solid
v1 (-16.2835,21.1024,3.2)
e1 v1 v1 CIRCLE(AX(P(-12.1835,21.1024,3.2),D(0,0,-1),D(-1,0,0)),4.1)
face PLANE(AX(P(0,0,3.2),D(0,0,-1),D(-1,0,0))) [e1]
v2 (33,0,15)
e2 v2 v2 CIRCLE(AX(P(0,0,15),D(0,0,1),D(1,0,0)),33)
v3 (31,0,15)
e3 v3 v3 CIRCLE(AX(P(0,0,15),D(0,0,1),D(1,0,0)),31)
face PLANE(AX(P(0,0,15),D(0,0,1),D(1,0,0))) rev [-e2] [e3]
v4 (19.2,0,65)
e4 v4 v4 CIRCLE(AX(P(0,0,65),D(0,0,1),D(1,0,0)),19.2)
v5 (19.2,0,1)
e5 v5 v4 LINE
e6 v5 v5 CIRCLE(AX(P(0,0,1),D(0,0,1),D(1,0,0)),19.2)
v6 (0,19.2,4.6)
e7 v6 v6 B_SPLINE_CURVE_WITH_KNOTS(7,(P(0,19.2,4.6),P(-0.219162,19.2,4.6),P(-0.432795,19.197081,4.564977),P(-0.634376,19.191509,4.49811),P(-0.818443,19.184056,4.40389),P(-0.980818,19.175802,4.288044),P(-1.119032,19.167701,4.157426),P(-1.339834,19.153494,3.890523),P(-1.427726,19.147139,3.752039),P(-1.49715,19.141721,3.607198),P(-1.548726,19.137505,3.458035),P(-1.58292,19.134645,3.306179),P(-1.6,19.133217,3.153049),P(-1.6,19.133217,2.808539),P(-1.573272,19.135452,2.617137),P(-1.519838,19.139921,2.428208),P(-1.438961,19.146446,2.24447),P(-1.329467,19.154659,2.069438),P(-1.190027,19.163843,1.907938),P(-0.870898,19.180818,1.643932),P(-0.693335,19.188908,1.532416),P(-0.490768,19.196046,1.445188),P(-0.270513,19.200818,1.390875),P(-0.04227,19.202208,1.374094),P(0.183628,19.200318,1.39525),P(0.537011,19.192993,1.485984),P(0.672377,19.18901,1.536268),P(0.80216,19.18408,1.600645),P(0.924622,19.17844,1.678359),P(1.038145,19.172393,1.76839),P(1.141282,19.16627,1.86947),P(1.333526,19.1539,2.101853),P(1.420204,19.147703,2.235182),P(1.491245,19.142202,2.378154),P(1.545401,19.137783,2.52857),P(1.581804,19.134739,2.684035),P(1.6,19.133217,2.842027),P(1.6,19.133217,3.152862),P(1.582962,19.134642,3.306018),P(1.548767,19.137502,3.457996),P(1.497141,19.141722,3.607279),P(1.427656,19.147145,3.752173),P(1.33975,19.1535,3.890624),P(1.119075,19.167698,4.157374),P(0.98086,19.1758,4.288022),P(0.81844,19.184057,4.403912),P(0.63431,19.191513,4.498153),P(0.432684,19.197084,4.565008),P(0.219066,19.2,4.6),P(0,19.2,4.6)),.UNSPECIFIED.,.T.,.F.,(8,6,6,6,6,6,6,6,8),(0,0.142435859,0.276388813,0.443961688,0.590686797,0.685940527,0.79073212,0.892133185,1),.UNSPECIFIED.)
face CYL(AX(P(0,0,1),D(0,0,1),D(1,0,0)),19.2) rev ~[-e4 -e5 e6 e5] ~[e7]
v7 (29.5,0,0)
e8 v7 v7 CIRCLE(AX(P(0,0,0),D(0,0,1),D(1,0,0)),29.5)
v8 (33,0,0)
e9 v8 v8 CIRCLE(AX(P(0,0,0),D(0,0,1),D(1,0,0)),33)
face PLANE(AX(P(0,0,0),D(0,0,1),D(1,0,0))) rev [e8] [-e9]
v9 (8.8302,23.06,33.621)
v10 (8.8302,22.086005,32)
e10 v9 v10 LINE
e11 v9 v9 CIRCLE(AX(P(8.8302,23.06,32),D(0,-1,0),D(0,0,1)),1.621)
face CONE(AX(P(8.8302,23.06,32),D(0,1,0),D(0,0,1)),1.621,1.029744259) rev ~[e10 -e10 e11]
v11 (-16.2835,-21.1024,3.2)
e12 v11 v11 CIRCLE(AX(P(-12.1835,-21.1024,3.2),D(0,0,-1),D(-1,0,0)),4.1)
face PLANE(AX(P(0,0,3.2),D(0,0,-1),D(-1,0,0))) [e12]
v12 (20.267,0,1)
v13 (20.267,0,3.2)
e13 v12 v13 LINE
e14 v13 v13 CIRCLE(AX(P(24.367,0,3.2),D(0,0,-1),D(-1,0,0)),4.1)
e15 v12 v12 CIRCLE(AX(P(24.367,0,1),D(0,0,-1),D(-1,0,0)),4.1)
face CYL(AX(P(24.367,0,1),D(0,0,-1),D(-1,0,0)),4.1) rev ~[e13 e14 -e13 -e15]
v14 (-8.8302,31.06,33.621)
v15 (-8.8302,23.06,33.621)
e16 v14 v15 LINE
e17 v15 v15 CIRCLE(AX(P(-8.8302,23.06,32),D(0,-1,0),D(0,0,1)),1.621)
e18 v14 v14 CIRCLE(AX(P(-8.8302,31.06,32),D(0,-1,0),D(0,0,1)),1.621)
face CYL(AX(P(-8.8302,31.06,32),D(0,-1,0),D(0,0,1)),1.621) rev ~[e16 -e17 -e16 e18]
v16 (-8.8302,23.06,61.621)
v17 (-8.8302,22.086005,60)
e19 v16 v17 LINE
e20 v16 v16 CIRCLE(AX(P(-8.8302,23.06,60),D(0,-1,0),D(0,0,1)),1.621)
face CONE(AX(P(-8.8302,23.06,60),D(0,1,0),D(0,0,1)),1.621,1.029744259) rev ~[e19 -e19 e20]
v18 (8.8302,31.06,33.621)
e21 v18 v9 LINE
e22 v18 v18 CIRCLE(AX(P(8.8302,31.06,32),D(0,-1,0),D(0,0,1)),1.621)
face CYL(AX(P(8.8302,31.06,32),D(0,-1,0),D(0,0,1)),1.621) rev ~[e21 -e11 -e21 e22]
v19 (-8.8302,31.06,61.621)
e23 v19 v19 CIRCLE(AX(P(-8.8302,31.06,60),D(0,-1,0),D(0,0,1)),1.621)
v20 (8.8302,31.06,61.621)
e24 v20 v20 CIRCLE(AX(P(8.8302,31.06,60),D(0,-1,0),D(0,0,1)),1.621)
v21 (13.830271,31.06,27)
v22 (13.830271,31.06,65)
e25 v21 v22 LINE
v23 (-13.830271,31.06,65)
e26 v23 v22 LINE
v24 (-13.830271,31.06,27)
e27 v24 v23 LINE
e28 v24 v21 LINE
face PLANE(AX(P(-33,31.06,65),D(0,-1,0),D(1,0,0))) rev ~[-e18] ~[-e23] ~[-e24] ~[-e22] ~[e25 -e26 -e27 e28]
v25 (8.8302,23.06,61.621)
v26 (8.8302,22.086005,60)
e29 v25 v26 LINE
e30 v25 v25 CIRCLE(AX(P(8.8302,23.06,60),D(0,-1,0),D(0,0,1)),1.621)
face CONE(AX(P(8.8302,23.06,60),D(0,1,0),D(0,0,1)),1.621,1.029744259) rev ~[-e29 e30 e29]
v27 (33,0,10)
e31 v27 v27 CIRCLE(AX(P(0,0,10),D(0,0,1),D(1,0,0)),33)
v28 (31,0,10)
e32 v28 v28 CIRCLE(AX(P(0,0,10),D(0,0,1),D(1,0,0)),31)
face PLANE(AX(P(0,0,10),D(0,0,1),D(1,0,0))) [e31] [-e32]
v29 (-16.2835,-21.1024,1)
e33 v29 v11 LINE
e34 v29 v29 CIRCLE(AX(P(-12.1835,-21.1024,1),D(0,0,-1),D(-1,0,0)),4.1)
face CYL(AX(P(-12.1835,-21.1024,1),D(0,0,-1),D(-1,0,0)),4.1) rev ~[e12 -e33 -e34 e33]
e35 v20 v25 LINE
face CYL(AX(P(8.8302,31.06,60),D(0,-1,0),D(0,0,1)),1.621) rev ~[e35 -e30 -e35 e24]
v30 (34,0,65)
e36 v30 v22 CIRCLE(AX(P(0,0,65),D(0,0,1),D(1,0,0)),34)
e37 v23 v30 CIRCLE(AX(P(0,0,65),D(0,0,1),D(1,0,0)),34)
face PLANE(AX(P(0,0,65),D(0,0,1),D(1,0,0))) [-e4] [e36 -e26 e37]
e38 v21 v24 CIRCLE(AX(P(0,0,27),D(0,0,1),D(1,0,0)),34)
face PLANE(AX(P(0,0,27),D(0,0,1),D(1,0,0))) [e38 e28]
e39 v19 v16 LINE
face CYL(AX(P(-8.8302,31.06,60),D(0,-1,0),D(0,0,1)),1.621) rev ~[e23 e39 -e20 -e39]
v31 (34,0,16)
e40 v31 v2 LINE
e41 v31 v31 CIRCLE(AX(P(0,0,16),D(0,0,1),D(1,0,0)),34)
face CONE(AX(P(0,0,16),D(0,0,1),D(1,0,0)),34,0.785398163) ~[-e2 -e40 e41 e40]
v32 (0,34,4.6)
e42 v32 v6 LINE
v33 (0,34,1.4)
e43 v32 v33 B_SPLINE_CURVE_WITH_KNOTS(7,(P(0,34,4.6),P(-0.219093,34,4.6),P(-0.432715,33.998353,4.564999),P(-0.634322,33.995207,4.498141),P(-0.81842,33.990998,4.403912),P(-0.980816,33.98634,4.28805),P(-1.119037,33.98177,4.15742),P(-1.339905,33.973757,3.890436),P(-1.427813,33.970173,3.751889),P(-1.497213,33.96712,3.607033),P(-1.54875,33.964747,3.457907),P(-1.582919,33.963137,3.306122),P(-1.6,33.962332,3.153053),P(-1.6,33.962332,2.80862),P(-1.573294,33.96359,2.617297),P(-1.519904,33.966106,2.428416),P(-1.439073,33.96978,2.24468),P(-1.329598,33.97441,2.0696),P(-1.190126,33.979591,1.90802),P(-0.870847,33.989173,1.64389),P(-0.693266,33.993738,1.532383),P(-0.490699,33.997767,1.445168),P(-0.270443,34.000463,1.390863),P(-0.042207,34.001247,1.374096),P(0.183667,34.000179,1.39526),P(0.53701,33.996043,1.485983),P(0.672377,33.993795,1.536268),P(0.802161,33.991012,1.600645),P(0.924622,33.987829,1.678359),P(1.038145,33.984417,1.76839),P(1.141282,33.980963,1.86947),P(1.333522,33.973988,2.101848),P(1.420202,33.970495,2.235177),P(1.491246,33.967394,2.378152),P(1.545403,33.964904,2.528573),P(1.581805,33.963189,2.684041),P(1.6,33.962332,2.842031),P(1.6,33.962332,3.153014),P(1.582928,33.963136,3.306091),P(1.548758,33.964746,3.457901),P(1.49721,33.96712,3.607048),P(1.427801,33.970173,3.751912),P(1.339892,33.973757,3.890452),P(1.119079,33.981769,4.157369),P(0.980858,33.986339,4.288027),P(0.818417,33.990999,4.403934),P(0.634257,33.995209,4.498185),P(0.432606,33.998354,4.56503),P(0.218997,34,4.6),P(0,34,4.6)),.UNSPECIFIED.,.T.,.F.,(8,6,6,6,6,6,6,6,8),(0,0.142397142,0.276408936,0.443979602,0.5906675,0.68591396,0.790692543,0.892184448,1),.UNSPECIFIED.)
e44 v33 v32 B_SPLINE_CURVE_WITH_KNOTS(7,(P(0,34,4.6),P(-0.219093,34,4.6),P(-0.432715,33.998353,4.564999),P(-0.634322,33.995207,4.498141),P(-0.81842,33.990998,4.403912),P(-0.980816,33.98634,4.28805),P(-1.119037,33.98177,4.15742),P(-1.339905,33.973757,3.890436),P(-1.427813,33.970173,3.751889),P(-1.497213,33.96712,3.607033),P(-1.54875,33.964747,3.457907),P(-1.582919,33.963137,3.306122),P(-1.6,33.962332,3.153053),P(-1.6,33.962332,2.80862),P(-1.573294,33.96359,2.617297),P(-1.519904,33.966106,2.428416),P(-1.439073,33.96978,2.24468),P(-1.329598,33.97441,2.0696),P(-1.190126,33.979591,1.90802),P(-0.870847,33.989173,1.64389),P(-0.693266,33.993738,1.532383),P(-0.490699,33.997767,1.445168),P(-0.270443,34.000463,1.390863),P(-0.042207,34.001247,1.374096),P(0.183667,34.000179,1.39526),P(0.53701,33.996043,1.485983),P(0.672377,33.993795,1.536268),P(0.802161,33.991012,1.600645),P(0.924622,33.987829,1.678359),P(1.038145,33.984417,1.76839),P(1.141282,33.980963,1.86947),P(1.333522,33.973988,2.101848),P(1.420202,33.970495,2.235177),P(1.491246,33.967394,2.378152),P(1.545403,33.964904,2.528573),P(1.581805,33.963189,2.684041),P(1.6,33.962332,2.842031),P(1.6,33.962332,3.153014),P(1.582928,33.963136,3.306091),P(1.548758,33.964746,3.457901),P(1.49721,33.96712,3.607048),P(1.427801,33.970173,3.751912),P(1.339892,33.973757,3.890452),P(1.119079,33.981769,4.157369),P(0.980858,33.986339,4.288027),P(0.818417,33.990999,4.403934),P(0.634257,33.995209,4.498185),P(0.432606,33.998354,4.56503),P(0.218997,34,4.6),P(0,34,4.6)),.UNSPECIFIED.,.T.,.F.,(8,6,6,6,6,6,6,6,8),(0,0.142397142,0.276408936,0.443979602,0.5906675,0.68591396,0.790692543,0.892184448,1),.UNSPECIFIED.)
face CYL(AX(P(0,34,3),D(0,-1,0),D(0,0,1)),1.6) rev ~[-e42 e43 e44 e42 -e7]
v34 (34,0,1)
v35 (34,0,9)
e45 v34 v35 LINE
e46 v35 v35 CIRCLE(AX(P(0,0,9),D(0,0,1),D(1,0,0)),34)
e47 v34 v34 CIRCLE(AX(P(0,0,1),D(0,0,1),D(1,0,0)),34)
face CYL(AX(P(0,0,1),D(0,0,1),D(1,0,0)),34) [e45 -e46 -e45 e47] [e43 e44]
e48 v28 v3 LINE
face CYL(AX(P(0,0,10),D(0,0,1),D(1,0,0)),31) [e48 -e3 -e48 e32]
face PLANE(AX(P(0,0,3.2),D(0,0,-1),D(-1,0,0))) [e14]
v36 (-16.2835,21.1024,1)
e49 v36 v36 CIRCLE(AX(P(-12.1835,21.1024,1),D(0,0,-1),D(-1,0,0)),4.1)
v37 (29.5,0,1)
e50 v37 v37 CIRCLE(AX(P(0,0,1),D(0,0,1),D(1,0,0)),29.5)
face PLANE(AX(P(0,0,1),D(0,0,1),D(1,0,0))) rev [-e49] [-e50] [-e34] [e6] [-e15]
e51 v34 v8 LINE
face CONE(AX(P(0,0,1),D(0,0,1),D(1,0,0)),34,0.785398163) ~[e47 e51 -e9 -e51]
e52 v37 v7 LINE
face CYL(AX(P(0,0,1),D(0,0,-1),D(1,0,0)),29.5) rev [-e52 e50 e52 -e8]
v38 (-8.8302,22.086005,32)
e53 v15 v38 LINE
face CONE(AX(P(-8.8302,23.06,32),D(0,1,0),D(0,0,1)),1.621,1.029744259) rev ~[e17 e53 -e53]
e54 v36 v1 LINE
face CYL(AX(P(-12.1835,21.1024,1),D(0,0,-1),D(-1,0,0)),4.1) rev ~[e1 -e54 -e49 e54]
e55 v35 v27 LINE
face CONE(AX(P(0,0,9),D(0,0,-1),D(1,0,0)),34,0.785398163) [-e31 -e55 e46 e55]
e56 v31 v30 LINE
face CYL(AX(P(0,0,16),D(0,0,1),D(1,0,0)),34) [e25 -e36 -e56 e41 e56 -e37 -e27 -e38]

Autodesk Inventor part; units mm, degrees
sketch "Esboço2" plane through (0, 0, 0) normal (0, 1, 0) x (-1, 0, 0)
  line L0 (0, 0) -> (-19.2, 0) construction
  line L1 (-34, 1) -> (-34, 9)
  line L2 (-33, 10) -> (-31, 10)
  line L3 (-31, 10) -> (-31, 15)
  line L4 (-31, 15) -> (-33, 15)
  line L5 (-34, 16) -> (-34, 65)
  line L6 (0, 0) -> (0, 69.2361) construction
  line L7 (-34, 65) -> (-19.2, 65)
  line L8 (-19.2, 0) -> (-19.2, 1)
  line L9 (-19.2, 1) -> (-29.5, 1)
  line L10 (-29.5, 1) -> (-29.5, 0)
  line L11 (-29.5, 0) -> (-33, 0)
  line L12 (-19.2, 1) -> (-19.2, 65)
  line L13 (-34, 16) -> (-33, 15)
  line L14 (-34, 9) -> (-33, 10)
  line L15 (-34, 1) -> (-33, 0)
  point P0 (-34, 0)
  point P1 (-34, 10)
  point P2 (-34, 15)
  dimension "d1" = 19.2
  dimension "d6" = 14.8
  dimension "d7" = 10
  dimension "d8" = 3
  dimension "d9" = 5
  dimension "d11" = 50
  dimension "d14" = 1
  dimension "d15" = 10.3
  dimension "d16" = 1
  dimension "d17" = 1
  dimension "d18" = 1
  dimension "d19" = 1
  dimension "d20" = 1
  dimension "d21" = 1
revolve "Revolução1" add sketch "Esboço2" angle 360 about axis through (0, 0, 0) along (0, 0, 1)
ref_plane "Plano de trabalho1" through (0, 0, 65) normal (0, 0, 1) x (1, 0, 0)
sketch "Esboço3" plane through (0, 0, 65) normal (0, 0, 1) x (1, 0, 0)
  line L0 (0, 0) -> (0, 19.06) construction
  line L1 (0, 19.06) -> (0, 31.06) construction
  line L2 (0, 31.06) -> (33, 31.06) construction
  line L3 (33, 31.06) -> (33, 44.9163)
  line L4 (33, 44.9163) -> (-33, 44.9163)
  line L5 (-33, 44.9163) -> (-33, 31.06)
  line L6 (-33, 31.06) -> (33, 31.06)
  dimension "d30" = 12
  dimension "d31" = 19.06
extrude "Extrusão1" cut sketch "Esboço3" against normal blind 38
ref_plane "Plano de trabalho2" through (-13.8302, 31.06, 65) normal (0, 1, 0) x (1, 0, 0)
sketch "Esboço5" plane through (-13.8302, 31.06, 65) normal (0, 1, 0) x (1, 0, 0)
  line L0 (0, 0) -> (0, 38) projected
  line L1 (27.6605, 0) -> (0, 0) projected
  line L2 (27.6605, 38) -> (27.6605, 0) projected
  line L3 (5, 5) -> (5, 33)
  line L4 (5, 33) -> (22.6605, 33)
  line L5 (22.6605, 33) -> (22.6605, 5)
  line L6 (22.6605, 5) -> (5, 5)
  line L7 (27.6605, 38) -> (0, 38) projected
  point P0 (13.8302, 65)
  dimension "d33" = 5
hole "Furo1" at (8.8302, 31.06, 60) at (8.8302, 31.06, 32) at (-8.8302, 31.06, 32) at (-8.8302, 31.06, 60) direction (0, -1, 0) diameter 3.242 depth 8 tip angle 118 thread size "M4x0.7" class "6H" standard "ISO Metric profile"
ref_plane "Plano de trabalho3" through (0, 0, 1) normal (0, 0, -1) x (-1, 0, 0)
sketch "Esboço7" plane through (0, 0, 1) normal (0, 0, -1) x (-1, 0, 0)
  circle A0 centre (0, 0) radius 19.2 construction
  circle A1 centre (0, 0) radius 29.2679 construction
  circle A2 centre (0, 0) radius 19.2 projected
  line L0 (-19.2, 0) -> (-24.367, 0) construction
  circle A3 centre (-24.367, 0) radius 4.1
  circle A4 centre (12.1835, -21.1024) radius 4.1
  circle A5 centre (12.1835, 21.1024) radius 4.1
  dimension "d42" = 5.167
  dimension "d43" = 8.2
  dimension "d46" = 360
extrude "Extrusão2" cut sketch "Esboço7" against normal blind 2.2 contours A3 | A4 | A5
ref_plane "Plano de trabalho4" through (-13.8302, 31.06, 65) normal (0, 1, 0) x (1, 0, 0)
ref_plane "Plano de trabalho5" through (0, 34, 27) normal (0, 1, 0) x (-1, 0, 0)
sketch "Esboço10" plane through (0, 34, 27) normal (0, 1, 0) x (-1, 0, 0)
  line L0 (-13.8302, 0) -> (13.8302, 0) projected
  line L1 (0, 0) -> (0, -27) construction
  line L2 (0, -27) -> (0, -24) construction
  dimension "d53" = 3
hole "Furo2" at (0, 34, 3) direction (0, -1, 0) diameter 3.2 depth 17.2 tip angle 118
equation "\"d17\" = d16"
equation "\"d18\" = d16"
equation "\"d19\" = d18"
equation "\"d20\" = d16"
equation "\"d21\" = d20"
properties part number "bocal_de_aquecimento" material "Alumínio 6061"
